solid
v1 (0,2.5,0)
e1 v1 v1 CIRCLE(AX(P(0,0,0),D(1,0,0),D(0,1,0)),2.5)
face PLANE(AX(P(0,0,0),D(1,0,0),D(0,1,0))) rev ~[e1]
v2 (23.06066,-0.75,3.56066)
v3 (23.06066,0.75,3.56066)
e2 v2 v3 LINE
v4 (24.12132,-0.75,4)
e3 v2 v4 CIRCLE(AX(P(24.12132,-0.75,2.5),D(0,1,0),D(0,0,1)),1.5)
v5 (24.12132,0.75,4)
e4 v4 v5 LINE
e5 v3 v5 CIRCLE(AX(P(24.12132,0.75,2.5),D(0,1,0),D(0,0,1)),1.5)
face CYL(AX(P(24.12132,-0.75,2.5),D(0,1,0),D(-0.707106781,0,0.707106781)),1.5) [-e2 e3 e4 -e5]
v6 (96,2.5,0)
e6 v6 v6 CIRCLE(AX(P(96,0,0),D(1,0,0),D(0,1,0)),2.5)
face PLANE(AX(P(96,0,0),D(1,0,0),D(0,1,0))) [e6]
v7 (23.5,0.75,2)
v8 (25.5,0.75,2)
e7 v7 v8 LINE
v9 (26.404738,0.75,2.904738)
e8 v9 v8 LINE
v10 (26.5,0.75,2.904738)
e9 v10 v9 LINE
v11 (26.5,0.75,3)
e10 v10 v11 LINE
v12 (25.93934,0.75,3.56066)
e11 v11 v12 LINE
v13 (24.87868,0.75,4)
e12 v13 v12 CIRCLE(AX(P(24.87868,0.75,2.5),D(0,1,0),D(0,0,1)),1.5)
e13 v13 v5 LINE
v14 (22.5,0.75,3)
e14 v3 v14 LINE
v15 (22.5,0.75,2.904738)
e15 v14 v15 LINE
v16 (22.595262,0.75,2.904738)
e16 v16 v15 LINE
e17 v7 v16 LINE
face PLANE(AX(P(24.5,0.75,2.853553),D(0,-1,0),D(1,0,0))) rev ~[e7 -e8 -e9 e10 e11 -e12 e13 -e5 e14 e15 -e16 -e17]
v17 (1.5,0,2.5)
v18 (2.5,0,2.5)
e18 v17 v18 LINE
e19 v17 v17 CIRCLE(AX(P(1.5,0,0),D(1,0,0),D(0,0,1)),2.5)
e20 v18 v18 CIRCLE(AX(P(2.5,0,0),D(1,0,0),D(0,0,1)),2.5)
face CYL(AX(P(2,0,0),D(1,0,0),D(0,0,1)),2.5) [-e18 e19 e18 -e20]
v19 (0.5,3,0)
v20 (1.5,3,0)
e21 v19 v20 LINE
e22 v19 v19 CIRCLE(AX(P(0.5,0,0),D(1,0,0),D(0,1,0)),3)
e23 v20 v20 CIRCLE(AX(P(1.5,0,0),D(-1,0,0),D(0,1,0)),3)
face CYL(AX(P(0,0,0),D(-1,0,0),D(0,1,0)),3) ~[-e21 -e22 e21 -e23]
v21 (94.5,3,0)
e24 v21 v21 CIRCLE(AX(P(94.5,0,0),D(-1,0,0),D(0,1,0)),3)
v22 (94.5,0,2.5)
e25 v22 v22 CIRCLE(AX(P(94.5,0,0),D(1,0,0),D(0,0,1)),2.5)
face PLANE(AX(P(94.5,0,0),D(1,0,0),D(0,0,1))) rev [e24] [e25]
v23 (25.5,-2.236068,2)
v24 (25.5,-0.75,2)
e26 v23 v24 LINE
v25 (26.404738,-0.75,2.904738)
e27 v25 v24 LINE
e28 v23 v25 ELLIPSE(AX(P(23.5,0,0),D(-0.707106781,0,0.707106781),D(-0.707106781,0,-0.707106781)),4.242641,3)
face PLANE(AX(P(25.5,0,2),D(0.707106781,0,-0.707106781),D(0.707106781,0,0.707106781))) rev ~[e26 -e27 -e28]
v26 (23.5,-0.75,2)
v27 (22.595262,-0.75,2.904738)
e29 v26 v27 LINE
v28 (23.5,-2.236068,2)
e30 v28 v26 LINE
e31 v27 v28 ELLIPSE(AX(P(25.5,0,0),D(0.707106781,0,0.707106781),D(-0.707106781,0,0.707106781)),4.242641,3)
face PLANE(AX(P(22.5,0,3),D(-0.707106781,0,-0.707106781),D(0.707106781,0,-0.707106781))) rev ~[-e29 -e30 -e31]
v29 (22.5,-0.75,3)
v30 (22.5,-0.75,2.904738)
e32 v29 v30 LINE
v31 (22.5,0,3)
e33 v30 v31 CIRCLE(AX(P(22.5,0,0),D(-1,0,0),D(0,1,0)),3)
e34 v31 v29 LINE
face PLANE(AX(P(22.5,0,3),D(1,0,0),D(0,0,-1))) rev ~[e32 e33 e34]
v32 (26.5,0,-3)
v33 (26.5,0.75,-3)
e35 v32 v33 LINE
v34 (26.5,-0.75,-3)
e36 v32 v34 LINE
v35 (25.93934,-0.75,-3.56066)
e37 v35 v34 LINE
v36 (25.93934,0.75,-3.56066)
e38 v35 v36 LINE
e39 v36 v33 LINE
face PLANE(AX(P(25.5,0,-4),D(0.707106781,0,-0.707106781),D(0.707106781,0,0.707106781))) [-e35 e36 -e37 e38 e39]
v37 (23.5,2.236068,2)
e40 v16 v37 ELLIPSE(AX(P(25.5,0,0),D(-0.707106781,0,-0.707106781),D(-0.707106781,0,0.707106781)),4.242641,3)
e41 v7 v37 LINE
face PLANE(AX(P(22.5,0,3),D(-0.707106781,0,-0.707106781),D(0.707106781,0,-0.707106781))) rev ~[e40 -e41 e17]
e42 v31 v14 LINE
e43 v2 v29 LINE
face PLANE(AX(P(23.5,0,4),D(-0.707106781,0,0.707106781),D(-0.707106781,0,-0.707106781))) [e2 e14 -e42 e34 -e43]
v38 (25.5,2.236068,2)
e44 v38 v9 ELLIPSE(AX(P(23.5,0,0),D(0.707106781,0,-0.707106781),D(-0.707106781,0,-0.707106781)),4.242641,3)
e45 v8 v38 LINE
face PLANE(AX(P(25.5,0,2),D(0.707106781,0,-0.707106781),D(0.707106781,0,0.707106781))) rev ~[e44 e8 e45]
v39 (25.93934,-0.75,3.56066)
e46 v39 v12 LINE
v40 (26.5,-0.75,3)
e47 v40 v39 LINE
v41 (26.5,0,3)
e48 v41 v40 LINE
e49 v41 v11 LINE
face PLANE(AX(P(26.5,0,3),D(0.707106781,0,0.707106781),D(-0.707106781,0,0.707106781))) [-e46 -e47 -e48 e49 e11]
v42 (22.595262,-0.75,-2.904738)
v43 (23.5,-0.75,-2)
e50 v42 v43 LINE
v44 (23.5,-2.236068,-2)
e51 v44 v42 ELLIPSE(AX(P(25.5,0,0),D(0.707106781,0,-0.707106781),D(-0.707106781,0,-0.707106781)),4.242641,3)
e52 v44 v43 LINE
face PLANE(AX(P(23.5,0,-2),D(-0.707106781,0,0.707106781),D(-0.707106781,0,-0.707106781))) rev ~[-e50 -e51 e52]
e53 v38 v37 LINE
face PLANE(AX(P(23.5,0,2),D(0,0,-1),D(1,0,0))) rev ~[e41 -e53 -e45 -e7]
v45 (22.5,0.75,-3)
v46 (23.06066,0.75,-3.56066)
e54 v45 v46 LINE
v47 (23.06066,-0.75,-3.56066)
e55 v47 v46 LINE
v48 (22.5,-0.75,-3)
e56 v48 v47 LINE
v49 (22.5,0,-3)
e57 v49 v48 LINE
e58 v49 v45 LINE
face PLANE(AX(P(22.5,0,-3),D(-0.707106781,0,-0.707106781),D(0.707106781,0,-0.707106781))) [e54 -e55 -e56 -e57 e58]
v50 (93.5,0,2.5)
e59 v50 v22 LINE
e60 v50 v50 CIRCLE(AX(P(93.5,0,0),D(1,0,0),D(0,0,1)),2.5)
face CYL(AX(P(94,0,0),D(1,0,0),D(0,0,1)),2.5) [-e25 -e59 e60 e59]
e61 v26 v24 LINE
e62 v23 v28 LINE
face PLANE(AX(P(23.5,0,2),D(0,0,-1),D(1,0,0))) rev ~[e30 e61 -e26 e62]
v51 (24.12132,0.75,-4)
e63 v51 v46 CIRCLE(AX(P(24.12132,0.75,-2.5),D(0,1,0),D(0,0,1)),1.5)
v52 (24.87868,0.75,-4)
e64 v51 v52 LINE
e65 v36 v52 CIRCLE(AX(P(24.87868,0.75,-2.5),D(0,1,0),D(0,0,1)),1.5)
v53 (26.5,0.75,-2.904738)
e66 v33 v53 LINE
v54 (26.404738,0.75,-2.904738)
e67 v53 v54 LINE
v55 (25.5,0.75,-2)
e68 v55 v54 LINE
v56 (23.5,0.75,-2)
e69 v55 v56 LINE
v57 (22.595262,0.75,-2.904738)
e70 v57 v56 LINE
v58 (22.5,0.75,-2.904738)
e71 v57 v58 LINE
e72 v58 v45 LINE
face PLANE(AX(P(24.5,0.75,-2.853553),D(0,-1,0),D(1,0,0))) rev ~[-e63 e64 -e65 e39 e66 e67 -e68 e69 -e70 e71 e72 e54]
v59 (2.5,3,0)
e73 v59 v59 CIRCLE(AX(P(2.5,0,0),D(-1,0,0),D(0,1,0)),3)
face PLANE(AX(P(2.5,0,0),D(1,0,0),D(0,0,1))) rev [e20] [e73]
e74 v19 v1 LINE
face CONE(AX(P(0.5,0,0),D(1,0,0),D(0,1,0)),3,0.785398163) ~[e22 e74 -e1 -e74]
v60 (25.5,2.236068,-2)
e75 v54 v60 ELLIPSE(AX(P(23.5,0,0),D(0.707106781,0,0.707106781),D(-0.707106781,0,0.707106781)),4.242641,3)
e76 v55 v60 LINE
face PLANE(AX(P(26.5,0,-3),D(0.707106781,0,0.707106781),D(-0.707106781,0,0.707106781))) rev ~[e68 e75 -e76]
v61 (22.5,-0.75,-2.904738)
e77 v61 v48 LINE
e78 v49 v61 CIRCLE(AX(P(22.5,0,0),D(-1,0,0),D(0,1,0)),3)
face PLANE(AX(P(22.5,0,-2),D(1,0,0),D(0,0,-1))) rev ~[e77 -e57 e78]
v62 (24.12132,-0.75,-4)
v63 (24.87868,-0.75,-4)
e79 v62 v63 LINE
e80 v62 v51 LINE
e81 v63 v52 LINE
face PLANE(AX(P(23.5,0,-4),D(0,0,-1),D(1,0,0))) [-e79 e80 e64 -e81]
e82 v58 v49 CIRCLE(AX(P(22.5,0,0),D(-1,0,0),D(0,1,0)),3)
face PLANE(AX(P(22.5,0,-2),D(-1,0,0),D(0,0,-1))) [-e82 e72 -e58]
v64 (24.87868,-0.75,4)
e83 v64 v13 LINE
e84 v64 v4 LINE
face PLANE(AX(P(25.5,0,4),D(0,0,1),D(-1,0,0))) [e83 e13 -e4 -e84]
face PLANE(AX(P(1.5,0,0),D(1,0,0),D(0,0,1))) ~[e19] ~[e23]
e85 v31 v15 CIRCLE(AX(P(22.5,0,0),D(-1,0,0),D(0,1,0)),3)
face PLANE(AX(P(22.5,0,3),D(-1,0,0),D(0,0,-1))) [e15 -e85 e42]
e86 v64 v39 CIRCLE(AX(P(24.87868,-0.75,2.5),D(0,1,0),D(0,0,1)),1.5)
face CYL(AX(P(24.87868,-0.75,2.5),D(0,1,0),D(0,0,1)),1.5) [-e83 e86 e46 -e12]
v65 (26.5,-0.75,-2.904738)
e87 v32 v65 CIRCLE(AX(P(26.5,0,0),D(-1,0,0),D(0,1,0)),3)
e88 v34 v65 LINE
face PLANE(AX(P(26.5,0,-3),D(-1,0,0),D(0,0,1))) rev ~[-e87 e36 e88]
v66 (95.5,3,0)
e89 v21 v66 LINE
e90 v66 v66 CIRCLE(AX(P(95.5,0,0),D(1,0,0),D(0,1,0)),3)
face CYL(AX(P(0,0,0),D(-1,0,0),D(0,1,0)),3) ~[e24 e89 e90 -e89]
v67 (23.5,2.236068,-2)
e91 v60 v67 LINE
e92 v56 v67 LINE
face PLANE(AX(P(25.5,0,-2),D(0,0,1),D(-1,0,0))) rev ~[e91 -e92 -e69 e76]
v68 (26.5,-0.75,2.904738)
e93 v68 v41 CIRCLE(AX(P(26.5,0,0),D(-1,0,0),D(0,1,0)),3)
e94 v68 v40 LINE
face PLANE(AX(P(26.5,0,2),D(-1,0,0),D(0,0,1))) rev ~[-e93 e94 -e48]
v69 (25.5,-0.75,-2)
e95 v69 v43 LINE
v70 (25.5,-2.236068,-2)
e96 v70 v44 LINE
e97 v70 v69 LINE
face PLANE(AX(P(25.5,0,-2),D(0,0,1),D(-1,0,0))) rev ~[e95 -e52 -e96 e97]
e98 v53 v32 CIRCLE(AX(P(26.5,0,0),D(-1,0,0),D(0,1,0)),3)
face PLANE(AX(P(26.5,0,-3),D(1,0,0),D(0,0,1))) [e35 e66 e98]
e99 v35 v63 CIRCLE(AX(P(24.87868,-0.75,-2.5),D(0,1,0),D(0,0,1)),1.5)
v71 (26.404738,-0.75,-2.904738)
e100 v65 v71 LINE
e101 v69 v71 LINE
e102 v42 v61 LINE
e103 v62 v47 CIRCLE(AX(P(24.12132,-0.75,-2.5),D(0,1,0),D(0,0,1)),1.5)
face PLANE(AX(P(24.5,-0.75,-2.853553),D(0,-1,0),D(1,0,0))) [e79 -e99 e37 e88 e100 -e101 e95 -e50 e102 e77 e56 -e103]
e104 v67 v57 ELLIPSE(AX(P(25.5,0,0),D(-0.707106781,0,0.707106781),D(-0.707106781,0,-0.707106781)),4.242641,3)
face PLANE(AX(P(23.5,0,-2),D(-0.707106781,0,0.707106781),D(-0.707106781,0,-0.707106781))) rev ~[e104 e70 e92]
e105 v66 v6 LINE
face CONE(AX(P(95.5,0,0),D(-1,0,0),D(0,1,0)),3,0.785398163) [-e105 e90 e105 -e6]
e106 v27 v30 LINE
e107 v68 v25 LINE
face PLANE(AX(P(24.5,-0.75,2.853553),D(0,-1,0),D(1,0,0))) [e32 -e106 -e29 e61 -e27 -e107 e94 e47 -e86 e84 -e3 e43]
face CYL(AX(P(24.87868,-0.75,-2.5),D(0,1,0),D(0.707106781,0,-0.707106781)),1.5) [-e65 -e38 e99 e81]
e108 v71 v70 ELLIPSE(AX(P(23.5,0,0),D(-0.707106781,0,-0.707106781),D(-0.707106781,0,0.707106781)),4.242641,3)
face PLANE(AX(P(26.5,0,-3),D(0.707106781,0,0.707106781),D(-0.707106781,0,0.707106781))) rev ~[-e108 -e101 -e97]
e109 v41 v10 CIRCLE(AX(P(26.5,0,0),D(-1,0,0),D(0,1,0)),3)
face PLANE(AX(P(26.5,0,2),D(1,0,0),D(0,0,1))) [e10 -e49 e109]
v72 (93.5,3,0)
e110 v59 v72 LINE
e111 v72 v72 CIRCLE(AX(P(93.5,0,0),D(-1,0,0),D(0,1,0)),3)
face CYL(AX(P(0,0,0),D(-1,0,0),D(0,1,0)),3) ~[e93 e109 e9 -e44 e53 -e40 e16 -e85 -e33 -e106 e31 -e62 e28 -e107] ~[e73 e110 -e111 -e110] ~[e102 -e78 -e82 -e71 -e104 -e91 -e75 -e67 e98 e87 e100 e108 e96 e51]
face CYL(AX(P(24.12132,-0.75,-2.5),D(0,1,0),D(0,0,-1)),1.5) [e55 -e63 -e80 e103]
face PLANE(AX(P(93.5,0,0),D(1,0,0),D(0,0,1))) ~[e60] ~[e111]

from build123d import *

# Parameters (mm, degrees)
F0_R          = 3
F1_DEPTH      = 96
F2_SIZE       = 0.5
F3_W          = 1
F3_H          = 1
F6_DEPTH      = 3.001
F6_DEPTH_BACK = 25
F8_DEPTH      = 0.75
F8_DEPTH_BACK = 0.75
F9_R          = 1.5


with BuildPart() as f1:
    # F0 (on Right) → F1 (new body)
    with BuildSketch(Plane.YZ):
        Circle(F0_R)
    extrude(amount=F1_DEPTH)

    # F2
    f2_edges = [f1.edges().sort_by_distance(p)[0] for p in [
        (0, -3, 0),
        (96, -3, 0),
    ]]
    chamfer(f2_edges, length=F2_SIZE)

    # F3 (on Front) → F4 (revolve, cut)
    with BuildSketch(Plane.XZ):
        with Locations((2, 3)):
            Rectangle(F3_W, F3_H)
        with Locations((94, 3)):
            Rectangle(F3_W, F3_H)
    revolve(axis=Axis((48.1495447457, 0, 0), (1, 0, 0)), mode=Mode.SUBTRACT)

    # F5 (on Front) → F6 (cut, two sides)
    with BuildSketch(Plane.XZ) as f6_sk:
        Polygon((26.5, 4), (22.5, 4), (22.5, 3), (23.5, 2), (25.5, 2), (26.5, 3), align=None)
        Polygon((26.5, -4), (26.5, -3), (25.5, -2), (23.5, -2), (22.5, -3), (22.5, -4), align=None)
    extrude(amount=-F6_DEPTH, mode=Mode.SUBTRACT)
    extrude(f6_sk.sketch, amount=F6_DEPTH_BACK, mode=Mode.SUBTRACT)

    # F7 (on Front) → F8 (join, two sides)
    with BuildSketch(Plane.XZ) as f8_sk:
        Polygon((22.5, 3), (22.5, 2), (26.5, 2), (26.5, 3), (25.5, 4), (23.5, 4), align=None)
        Polygon((22.5, -2), (22.5, -3), (23.5, -4), (25.5, -4), (26.5, -3), (26.5, -2), align=None)
    extrude(amount=F8_DEPTH)
    extrude(f8_sk.sketch, amount=-F8_DEPTH_BACK)

    # F9
    f9_edges = [f1.edges().sort_by_distance(p)[0] for p in [
        (23.5, 0, -4),
        (25.5, 0, -4),
        (23.5, 0, 4),
        (25.5, 0, 4),
    ]]
    fillet(f9_edges, radius=F9_R)


solid = f1.part
